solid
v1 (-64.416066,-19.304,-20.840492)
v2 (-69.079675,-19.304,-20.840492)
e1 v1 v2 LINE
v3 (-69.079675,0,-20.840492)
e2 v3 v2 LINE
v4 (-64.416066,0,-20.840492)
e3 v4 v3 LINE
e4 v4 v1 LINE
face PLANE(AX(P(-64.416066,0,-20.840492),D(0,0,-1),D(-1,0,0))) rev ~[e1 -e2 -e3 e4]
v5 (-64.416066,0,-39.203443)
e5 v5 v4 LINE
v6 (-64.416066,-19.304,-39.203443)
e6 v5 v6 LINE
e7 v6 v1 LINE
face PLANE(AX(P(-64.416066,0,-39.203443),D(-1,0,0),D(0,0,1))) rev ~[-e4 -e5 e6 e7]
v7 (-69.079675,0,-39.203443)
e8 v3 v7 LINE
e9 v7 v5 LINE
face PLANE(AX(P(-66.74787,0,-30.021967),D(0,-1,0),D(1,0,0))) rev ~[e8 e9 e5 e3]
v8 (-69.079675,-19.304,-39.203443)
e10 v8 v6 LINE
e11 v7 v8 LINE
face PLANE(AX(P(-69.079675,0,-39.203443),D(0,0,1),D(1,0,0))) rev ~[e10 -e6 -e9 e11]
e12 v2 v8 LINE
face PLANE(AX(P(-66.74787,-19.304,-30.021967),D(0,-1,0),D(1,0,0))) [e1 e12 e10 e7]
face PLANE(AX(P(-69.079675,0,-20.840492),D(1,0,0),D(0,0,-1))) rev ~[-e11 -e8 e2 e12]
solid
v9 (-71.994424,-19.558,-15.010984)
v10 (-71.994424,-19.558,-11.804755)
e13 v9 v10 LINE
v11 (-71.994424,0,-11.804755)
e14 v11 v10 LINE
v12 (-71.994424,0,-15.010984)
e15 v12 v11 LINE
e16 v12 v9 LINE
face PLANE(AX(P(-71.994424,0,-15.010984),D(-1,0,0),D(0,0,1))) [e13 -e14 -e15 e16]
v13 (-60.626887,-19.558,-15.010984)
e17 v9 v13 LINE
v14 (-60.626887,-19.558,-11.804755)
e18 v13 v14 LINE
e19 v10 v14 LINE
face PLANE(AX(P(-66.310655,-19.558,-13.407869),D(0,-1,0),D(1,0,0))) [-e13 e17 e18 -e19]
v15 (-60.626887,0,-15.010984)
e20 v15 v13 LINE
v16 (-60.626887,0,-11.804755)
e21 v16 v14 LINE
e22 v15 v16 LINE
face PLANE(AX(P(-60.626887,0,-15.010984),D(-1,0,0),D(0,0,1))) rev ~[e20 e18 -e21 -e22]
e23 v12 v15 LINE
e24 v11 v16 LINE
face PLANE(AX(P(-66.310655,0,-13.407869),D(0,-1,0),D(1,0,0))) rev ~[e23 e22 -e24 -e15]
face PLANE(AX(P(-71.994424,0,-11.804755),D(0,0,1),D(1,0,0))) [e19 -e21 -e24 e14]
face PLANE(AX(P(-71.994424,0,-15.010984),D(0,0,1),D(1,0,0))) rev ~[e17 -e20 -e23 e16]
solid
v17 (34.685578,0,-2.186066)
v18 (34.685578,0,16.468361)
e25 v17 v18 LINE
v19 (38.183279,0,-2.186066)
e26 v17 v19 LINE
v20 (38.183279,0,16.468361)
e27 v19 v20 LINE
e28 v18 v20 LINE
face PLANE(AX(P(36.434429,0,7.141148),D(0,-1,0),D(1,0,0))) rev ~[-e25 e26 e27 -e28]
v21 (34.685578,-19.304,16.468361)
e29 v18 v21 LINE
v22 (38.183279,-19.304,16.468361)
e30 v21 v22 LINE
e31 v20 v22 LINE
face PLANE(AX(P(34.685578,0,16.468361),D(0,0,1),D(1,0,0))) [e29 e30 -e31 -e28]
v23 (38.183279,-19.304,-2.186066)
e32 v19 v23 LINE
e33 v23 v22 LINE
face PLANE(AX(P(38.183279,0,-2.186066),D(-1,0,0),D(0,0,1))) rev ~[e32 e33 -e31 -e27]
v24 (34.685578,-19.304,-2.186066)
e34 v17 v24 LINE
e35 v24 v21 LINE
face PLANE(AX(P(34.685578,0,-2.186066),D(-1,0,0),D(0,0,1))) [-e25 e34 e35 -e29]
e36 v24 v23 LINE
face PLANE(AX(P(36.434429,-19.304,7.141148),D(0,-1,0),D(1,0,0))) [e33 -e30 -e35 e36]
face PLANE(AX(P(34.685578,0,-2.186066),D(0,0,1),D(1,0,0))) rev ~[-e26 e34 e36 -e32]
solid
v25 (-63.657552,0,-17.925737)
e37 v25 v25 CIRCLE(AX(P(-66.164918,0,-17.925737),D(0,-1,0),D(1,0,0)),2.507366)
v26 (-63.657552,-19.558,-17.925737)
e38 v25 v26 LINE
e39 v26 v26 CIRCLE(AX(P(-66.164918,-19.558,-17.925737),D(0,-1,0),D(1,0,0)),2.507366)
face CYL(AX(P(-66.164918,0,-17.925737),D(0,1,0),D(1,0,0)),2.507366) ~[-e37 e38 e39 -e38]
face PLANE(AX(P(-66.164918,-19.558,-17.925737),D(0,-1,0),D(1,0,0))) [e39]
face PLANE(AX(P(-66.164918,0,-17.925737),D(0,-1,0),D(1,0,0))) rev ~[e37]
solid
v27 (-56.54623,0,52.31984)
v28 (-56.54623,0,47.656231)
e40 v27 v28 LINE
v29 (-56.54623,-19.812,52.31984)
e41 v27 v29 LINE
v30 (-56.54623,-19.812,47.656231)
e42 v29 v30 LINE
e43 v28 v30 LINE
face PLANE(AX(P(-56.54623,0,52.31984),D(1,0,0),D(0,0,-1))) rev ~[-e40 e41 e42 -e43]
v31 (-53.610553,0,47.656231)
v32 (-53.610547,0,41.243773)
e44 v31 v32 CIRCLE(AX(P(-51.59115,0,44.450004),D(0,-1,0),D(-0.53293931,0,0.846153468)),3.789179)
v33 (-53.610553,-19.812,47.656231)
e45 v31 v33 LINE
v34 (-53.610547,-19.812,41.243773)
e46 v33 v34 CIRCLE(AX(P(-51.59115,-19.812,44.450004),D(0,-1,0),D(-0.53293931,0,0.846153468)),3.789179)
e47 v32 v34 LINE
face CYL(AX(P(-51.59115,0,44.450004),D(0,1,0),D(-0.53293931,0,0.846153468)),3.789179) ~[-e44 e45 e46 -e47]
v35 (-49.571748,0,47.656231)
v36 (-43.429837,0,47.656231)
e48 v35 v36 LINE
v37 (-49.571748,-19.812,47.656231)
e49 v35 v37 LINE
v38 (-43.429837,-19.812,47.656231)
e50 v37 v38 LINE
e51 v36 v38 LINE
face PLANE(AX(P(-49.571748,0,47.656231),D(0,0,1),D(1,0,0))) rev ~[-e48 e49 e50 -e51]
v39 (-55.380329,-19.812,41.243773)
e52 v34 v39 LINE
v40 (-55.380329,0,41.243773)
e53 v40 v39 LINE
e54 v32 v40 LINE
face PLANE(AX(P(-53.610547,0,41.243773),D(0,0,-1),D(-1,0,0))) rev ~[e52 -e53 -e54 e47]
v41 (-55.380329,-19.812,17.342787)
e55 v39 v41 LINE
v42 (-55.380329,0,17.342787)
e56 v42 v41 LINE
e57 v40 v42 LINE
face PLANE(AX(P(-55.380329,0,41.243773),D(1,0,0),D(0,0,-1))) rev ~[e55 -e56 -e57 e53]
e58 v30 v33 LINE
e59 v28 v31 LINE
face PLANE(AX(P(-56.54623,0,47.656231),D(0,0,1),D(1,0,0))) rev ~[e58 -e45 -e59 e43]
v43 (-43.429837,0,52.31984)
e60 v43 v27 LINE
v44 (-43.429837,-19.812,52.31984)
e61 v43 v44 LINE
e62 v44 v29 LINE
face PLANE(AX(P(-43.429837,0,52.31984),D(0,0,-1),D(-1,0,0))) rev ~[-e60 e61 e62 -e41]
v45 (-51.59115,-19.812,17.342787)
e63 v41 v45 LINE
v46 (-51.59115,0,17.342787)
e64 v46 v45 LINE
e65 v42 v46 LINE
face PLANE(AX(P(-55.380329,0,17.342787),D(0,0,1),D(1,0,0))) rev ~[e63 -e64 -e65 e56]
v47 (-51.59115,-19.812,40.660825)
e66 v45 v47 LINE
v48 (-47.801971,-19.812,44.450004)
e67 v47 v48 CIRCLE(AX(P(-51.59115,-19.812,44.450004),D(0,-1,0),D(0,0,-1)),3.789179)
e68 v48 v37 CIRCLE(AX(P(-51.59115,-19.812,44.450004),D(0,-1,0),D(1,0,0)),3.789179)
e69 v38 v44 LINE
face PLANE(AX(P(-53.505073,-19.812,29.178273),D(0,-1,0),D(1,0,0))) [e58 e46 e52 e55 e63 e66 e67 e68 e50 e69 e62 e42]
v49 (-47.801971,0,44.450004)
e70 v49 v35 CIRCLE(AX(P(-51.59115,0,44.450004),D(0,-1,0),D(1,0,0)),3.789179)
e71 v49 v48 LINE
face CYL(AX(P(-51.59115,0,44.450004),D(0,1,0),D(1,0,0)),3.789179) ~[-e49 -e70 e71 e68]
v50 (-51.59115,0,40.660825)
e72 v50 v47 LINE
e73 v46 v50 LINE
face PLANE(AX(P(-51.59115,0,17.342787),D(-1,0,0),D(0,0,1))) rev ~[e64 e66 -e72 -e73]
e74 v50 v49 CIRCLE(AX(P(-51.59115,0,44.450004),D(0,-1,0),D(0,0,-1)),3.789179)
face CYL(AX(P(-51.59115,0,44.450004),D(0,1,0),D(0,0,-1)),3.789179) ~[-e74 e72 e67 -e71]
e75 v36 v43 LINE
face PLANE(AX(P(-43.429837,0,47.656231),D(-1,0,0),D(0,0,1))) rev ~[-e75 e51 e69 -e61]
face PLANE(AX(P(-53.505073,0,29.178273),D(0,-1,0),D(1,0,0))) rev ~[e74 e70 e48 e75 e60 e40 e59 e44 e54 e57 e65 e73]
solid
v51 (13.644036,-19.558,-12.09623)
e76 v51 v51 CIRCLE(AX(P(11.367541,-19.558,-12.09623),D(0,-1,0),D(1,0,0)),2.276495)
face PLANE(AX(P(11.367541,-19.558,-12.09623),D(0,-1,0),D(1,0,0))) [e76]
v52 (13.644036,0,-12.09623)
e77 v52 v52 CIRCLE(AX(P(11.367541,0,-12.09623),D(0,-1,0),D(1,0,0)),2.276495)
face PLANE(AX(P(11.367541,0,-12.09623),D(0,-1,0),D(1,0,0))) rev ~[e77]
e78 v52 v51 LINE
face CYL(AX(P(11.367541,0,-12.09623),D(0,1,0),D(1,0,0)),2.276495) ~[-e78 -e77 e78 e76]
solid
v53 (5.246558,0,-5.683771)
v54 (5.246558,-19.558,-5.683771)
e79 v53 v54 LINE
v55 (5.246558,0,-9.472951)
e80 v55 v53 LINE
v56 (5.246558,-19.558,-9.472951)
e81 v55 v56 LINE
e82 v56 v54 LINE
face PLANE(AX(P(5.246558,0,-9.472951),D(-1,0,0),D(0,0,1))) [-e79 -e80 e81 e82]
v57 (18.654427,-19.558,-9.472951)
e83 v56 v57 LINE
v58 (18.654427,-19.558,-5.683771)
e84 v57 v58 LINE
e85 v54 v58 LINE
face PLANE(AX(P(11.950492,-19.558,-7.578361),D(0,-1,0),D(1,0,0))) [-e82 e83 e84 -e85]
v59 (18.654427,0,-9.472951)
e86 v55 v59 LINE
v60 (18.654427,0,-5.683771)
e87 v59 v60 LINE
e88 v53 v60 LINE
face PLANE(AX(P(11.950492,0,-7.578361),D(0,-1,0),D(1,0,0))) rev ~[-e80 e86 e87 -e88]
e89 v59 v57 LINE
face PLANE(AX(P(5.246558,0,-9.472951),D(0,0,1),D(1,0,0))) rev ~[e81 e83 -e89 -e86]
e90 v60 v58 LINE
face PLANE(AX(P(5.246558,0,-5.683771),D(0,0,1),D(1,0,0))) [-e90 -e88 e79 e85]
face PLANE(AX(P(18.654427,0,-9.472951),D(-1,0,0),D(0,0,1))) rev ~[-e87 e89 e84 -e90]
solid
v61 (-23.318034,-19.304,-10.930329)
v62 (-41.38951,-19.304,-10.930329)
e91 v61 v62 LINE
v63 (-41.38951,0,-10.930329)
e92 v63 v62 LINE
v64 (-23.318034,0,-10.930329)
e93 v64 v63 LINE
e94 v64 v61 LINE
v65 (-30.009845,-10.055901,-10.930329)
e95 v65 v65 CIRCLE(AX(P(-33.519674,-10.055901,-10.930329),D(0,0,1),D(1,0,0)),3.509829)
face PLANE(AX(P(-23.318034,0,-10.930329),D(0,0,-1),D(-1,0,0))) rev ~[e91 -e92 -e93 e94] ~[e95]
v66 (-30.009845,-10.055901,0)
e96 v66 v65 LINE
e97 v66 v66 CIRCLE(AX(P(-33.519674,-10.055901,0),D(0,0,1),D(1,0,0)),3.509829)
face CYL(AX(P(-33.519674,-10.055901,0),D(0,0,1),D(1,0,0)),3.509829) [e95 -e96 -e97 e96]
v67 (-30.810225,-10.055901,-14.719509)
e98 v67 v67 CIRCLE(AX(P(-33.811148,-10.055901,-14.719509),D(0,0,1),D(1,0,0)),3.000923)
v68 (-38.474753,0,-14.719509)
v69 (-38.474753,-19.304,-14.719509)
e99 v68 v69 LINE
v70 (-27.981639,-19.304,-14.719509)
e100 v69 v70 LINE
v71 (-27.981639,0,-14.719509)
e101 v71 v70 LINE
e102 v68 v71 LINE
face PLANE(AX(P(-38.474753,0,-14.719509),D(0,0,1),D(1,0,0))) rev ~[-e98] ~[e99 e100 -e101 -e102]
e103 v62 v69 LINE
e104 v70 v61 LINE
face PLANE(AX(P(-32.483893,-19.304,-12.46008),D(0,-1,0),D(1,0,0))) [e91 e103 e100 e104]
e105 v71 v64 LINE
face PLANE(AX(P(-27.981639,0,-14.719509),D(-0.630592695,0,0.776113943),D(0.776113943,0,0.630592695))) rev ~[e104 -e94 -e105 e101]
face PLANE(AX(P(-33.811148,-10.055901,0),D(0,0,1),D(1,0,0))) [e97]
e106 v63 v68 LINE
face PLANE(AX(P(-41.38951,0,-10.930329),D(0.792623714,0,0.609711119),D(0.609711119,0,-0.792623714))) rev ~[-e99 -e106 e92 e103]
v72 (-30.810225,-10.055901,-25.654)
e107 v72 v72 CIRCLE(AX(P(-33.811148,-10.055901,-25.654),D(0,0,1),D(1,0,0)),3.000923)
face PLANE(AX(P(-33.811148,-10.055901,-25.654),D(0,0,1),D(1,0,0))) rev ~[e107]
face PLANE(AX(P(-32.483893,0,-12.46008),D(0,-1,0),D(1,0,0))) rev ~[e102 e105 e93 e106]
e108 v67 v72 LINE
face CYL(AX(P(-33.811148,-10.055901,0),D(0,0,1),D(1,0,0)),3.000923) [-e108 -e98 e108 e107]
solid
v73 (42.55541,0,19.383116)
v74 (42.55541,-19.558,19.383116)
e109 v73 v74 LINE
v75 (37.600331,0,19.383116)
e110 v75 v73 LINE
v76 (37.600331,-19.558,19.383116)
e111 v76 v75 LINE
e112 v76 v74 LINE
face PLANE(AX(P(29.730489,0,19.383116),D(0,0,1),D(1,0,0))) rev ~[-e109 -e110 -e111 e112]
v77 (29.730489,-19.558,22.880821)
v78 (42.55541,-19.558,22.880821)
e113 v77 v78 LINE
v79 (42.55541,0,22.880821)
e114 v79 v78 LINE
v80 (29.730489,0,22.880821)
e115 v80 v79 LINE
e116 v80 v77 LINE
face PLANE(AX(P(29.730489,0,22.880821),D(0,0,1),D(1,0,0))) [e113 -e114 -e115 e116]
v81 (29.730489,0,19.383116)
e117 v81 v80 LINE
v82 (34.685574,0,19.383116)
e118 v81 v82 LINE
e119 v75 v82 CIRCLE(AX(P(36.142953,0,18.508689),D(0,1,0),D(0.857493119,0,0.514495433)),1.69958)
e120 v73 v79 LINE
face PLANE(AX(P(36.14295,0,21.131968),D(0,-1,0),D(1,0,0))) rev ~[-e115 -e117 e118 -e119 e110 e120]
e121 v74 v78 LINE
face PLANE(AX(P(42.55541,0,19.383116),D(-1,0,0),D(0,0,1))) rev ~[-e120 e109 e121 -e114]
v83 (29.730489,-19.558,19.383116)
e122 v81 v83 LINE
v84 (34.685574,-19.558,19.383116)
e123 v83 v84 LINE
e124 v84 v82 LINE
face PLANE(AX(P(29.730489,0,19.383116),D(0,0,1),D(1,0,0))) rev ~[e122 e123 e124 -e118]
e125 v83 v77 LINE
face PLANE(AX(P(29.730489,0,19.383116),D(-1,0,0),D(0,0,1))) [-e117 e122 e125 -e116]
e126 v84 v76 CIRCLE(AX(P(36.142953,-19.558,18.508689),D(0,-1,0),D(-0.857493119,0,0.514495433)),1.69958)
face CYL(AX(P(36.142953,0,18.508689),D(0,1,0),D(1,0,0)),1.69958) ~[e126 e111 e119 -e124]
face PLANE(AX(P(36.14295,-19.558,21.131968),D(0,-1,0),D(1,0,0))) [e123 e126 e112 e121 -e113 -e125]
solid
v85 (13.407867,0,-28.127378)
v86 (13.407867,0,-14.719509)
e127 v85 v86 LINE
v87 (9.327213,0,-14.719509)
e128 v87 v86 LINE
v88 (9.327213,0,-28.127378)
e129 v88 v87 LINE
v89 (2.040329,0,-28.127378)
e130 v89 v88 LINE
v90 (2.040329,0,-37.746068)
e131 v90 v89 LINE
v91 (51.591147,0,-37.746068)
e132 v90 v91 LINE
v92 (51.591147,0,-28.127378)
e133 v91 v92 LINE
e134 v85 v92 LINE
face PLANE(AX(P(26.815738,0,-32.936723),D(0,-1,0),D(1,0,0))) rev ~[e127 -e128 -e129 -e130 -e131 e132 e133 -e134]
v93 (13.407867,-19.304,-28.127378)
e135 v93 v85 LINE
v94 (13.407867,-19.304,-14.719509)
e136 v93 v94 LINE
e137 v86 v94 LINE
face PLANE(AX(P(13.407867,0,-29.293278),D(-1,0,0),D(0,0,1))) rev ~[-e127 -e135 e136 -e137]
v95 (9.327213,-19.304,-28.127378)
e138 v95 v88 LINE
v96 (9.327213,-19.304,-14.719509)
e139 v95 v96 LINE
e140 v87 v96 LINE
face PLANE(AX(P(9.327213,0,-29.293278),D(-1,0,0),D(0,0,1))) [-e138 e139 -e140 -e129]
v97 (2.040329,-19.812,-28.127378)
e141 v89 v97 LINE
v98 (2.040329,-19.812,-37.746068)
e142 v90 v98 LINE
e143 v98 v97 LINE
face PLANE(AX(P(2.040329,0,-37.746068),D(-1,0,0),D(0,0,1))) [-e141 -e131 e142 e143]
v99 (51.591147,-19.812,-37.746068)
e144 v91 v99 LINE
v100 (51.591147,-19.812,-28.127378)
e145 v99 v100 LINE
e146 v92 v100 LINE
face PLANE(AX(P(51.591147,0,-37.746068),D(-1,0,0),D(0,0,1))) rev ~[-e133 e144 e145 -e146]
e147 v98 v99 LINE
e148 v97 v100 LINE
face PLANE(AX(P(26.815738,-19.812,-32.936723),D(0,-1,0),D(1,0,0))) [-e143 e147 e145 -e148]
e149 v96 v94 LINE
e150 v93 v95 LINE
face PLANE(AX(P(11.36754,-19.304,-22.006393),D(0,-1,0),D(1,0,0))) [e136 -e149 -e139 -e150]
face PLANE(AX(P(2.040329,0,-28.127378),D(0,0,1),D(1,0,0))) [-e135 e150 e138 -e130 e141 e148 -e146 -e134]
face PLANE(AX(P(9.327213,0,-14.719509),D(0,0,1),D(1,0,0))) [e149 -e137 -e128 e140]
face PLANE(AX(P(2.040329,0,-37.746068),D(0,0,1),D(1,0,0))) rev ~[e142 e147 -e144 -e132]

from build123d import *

# Parameters (mm, degrees)
F1_DEPTH  = 19.304
F0_W      = 4.0806541219
F0_H      = 14.5737696439
F0_W_2    = 3.4977011383
F0_H_2    = 18.6544265598
F2_R      = 3.5098288665
F3_DEPTH  = 13.716
F4_R      = 3.0009231641
F5_DEPTH  = 25.654
F6_R      = 2.2764952923
F7_DEPTH  = 19.558
F6_R_2    = 2.507365955
F6_R_3    = 1.6995801316
F8_W      = 12.8249209374
F8_H      = 3.4977048635
F9_DEPTH  = 19.558
F8_W_2    = 13.4078683332
F8_H_2    = 3.7891804241
F8_W_3    = 11.3675370812
F8_H_3    = 3.2062288374
F11_DEPTH = 19.812
F12_W     = 49.5508173481
F12_H     = 9.6186902374
F13_DEPTH = 19.812


with BuildPart() as f1:
    # F0 (on Front) → F1 (new body)
    with BuildSketch(Plane.XZ):
        Polygon((-69.0796747804, -20.8404920995), (-69.0796747804, -39.2034426332), (-64.4160658121, -39.2034426332), (-64.4160658121, -33.9568853378), (-64.4160658121, -20.8404920995), align=None)
    extrude(amount=F1_DEPTH)


with BuildPart() as f1b:
    # F0 (on Front) → F1, piece 2 (new body)
    with BuildSketch(Plane.XZ):
        Polygon((-41.3895100355, -10.9303286299), (-38.474753499, -14.7195085883), (-27.9816389084, -14.7195085883), (-23.3180336654, -10.9303286299), align=None)
    extrude(amount=F1_DEPTH)

    # F2 (on Top) → F3 (join)
    with BuildSketch(Plane.XY):
        with Locations((-33.5196740925, -10.0559014827)):
            Circle(F2_R)
    extrude(amount=-F3_DEPTH)

    # F4 (on Top) → F5 (join)
    with BuildSketch(Plane.XY):
        with Locations((-33.8111482561, -10.0559014827)):
            Circle(F4_R)
    extrude(amount=-F5_DEPTH)


with BuildPart() as f1c:
    # F0 (on Front) → F1, piece 3 (new body)
    with BuildSketch(Plane.XZ):
        with Locations((11.3675403409, -22.0063934103)):
            Rectangle(F0_W, F0_H)
    extrude(amount=F1_DEPTH)

    # F12 (on Front) → F13 (join)
    with BuildSketch(Plane.XZ):
        with Locations((26.8157380633, -32.9367229715)):
            Rectangle(F12_W, F12_H)
    extrude(amount=F13_DEPTH)


with BuildPart() as f1d:
    # F0 (on Front) → F1, piece 4 (new body)
    with BuildSketch(Plane.XZ):
        with Locations((36.4344287664, 7.1411477402)):
            Rectangle(F0_W_2, F0_H_2)
    extrude(amount=F1_DEPTH)


with BuildPart() as f7:
    # F6 (on Front) → F7 (new body)
    with BuildSketch(Plane.XZ):
        with Locations((11.3675408065, -12.0962299407)):
            Circle(F6_R)
    extrude(amount=F7_DEPTH)


with BuildPart() as f7b:
    # F6 (on Front) → F7, piece 2 (new body)
    with BuildSketch(Plane.XZ):
        with Locations((-66.1649182439, -17.9257374257)):
            Circle(F6_R_2)
    extrude(amount=F7_DEPTH)


with BuildPart() as f7c:
    # F6 (on Front) → F7, piece 3 (new body)
    with BuildSketch(Plane.XZ):
        with Locations((36.1429527402, 18.508689478)):
            Circle(F6_R_3)
    extrude(amount=F7_DEPTH)

    # F8 (on Front) → F9 (join)
    with BuildSketch(Plane.XZ):
        with Locations((36.1429499462, 21.1319681257)):
            Rectangle(F8_W, F8_H)
    extrude(amount=F9_DEPTH)


with BuildPart() as f9:
    # F8 (on Front) → F9, piece 2 (new body)
    with BuildSketch(Plane.XZ):
        with Locations((11.9504923932, -7.578361081)):
            Rectangle(F8_W_2, F8_H_2)
    extrude(amount=F9_DEPTH)


with BuildPart() as f9b:
    # F8 (on Front) → F9, piece 3 (new body)
    with BuildSketch(Plane.XZ):
        with Locations((-66.3106553257, -13.4078692645)):
            Rectangle(F8_W_3, F8_H_3)
    extrude(amount=F9_DEPTH)


with BuildPart() as f11:
    # F10 (on Front) → F11 (new body)
    with BuildSketch(Plane.XZ):
        with BuildLine():
            Line((-55.3803294897, 41.2437729537), (-55.3803294897, 17.342787236))
            Line((-55.3803294897, 17.342787236), (-51.5911504626, 17.342787236))
            Line((-51.5911504626, 17.342787236), (-51.5911504626, 40.6608246267))
            ThreePointArc((-51.5911504626, 40.6608246267), (-52.6420775711, 40.809477605), (-53.6105470055, 41.2437729537))
            Line((-53.6105470055, 41.2437729537), (-55.3803294897, 41.2437729537))
        make_face()
        with BuildLine():
            ThreePointArc((-53.6105529202, 47.6562306285), (-55.3803294897, 44.4500001587), (-53.6105470055, 41.2437729537))
            Line((-53.6105470055, 41.2437729537), (-51.5911504626, 41.2437729537))
            Line((-51.5911504626, 41.2437729537), (-51.5911504626, 40.6608246267))
            ThreePointArc((-51.5911504626, 40.6608246267), (-48.9117962774, 41.7706494686), (-47.8019714355, 44.4500036538))
            ThreePointArc((-47.8019714355, 44.4500036538), (-48.2737904325, 46.2811235651), (-49.571748005, 47.6562306285))
            Line((-49.571748005, 47.6562306285), (-53.6105529202, 47.6562306285))
        make_face()
        with BuildLine():
            Line((-51.5911504626, 41.2437729537), (-53.6105470055, 41.2437729537))
            ThreePointArc((-53.6105470055, 41.2437729537), (-52.6420775711, 40.809477605), (-51.5911504626, 40.6608246267))
            Line((-51.5911504626, 40.6608246267), (-51.5911504626, 41.2437729537))
        make_face()
        with BuildLine():
            Line((-56.5462298691, 47.6562306285), (-53.6105529202, 47.6562306285))
            ThreePointArc((-53.6105529202, 47.6562306285), (-51.5911504626, 48.2391826808), (-49.571748005, 47.6562306285))
            Line((-49.571748005, 47.6562306285), (-43.4298366308, 47.6562306285))
            Line((-43.4298366308, 47.6562306285), (-43.4298366308, 52.3198395967))
            Line((-43.4298366308, 52.3198395967), (-56.5462298691, 52.3198395967))
            Line((-56.5462298691, 52.3198395967), (-56.5462298691, 47.6562306285))
        make_face()
        with BuildLine():
            ThreePointArc((-49.571748005, 47.6562306285), (-51.5911504626, 48.2391826808), (-53.6105529202, 47.6562306285))
            Line((-53.6105529202, 47.6562306285), (-49.571748005, 47.6562306285))
        make_face()
    extrude(amount=F11_DEPTH)


solid = Compound([f1.part, f1b.part, f1c.part, f1d.part, f7.part, f7b.part, f7c.part, f9.part, f9b.part, f11.part])
